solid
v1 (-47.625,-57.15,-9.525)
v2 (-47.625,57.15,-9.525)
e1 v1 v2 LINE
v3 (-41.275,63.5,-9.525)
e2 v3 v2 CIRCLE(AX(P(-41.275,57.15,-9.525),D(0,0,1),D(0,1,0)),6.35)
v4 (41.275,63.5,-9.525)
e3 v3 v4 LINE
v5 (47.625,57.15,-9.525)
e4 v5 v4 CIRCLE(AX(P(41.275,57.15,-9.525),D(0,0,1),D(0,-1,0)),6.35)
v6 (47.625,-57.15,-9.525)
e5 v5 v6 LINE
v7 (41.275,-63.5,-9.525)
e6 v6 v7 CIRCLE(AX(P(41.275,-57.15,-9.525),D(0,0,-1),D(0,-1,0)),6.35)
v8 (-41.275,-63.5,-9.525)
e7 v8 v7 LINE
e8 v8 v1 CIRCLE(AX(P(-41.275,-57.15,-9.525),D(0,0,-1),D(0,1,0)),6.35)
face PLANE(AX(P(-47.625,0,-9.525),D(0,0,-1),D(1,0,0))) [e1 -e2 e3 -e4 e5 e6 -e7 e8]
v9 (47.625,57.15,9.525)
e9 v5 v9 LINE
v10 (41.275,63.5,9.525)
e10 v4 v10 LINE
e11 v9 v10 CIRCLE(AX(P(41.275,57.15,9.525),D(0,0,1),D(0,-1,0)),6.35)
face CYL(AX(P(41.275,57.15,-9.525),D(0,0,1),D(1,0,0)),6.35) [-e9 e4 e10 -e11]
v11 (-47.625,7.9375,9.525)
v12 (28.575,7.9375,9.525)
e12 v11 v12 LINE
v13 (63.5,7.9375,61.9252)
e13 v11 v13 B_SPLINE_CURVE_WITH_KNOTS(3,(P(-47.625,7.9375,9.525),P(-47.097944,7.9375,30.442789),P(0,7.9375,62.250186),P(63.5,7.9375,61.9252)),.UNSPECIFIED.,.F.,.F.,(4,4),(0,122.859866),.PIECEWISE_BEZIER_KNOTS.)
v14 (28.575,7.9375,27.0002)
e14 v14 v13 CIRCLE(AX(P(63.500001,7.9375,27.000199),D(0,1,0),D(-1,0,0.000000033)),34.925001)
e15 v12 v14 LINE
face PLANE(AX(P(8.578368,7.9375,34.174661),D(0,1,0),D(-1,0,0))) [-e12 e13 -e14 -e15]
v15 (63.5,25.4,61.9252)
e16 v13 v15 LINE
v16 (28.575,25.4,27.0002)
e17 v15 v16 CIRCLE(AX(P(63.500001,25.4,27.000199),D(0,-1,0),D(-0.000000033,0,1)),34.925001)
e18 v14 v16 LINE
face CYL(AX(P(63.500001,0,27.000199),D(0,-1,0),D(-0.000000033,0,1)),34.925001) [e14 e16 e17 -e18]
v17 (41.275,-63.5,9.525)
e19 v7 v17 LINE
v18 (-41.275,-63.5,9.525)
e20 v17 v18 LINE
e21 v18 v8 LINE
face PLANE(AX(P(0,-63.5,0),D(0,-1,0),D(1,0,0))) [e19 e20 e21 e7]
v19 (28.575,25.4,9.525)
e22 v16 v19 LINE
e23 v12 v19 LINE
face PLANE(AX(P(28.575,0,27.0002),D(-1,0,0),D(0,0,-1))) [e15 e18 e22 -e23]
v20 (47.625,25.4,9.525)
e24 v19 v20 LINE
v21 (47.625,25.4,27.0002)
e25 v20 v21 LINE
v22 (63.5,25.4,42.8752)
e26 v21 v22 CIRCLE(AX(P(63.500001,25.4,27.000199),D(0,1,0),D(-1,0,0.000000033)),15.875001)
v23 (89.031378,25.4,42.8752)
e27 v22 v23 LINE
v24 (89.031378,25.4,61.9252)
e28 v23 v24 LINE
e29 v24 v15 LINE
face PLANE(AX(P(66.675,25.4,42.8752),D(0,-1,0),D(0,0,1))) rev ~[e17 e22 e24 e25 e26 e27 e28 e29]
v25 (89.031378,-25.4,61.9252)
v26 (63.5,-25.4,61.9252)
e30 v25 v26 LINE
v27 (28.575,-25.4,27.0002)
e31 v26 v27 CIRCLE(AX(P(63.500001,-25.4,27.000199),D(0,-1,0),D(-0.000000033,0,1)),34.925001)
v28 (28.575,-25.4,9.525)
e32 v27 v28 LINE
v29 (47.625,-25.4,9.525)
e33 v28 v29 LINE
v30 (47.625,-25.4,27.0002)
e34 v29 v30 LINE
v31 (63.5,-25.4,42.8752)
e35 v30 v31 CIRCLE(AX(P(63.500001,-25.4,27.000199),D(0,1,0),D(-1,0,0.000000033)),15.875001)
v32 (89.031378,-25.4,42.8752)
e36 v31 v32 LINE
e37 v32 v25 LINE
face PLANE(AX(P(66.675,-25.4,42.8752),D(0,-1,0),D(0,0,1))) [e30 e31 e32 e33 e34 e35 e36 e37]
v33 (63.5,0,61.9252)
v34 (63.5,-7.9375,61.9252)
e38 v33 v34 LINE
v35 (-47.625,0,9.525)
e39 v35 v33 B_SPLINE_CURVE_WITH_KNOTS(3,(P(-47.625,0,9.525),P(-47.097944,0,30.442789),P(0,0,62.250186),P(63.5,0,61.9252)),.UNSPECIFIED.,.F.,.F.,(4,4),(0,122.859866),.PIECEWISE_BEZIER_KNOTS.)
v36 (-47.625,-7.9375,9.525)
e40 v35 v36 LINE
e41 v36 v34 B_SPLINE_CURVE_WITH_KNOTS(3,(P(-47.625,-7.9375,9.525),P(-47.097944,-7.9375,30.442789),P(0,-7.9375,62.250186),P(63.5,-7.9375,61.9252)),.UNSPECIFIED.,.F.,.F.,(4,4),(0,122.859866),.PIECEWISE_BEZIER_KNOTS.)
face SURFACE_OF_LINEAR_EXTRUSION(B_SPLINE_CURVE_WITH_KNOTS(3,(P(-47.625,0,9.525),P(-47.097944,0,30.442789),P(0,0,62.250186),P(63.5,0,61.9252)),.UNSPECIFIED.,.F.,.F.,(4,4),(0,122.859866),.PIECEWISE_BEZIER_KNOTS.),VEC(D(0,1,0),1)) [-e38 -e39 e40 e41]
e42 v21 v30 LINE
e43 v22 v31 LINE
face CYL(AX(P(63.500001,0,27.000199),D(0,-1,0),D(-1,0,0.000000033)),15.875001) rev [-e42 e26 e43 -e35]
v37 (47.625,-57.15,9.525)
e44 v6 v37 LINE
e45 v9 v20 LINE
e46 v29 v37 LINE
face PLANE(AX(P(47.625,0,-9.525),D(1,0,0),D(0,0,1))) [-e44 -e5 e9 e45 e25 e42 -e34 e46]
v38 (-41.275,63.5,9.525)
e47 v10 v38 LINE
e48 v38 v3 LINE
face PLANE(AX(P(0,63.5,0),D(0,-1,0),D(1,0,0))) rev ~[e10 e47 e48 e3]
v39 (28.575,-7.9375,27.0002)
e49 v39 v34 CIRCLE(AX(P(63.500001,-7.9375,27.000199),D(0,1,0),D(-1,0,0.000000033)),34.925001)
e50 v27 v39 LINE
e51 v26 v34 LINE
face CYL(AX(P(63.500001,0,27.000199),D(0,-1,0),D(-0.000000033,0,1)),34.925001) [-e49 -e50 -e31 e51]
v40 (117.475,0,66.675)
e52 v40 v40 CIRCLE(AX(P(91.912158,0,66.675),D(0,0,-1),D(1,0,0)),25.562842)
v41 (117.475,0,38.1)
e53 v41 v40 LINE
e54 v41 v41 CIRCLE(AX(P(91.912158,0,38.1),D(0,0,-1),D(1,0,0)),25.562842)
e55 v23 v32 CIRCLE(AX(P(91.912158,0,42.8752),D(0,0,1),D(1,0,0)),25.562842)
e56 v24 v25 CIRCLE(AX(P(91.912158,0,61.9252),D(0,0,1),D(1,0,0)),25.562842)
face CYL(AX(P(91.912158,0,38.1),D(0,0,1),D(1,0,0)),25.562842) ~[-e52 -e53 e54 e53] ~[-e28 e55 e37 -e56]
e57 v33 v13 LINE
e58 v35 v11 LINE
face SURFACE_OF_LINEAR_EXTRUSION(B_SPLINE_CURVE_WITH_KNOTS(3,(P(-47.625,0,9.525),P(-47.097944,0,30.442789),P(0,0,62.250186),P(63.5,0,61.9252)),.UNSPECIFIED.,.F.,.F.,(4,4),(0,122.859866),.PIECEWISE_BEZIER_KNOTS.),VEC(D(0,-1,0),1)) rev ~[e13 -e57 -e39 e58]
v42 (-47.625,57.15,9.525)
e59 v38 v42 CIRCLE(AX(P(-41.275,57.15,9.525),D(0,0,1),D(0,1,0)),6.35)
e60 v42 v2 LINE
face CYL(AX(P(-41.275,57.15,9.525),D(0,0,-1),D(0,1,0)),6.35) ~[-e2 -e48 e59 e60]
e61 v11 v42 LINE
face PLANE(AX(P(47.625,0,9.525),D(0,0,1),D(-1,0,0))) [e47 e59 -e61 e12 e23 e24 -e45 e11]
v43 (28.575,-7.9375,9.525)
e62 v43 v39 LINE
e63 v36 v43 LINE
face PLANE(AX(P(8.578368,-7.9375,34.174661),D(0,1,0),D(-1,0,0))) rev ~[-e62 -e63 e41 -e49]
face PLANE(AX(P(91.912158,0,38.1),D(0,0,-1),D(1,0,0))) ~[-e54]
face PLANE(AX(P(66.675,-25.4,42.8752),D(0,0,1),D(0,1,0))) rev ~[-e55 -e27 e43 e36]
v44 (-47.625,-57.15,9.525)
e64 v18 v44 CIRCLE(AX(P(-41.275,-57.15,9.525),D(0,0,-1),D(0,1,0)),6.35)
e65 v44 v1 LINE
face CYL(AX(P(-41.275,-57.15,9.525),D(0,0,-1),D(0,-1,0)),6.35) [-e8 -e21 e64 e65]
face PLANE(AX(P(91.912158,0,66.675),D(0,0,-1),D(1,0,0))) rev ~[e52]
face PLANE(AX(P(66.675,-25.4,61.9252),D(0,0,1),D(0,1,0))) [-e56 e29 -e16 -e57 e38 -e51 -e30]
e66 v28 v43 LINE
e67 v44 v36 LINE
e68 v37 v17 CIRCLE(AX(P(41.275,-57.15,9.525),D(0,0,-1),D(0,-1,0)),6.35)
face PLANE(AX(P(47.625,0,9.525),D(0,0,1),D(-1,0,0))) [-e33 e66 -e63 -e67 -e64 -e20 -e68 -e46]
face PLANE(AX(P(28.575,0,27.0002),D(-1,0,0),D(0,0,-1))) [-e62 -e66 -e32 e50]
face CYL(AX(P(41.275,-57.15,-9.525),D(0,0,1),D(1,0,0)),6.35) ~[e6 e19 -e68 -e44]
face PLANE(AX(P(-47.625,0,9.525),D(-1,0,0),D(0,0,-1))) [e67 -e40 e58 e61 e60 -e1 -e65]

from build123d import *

# Parameters (mm, degrees)
F1_DEPTH  = 63.5
F2_DEPTH  = 25.4
F3_DEPTH  = 7.9375
F2_FACE_W = 50.8
F2_FACE_H = 19.05
F4_DEPTH  = 25.4
F6_R      = 6.35


with BuildPart() as f1:
    # F0 (on Front) → F1 (new body, symmetric)
    with BuildSketch(Plane.XZ):
        Polygon((-47.625, -9.525), (47.625, -9.525), (47.625, 9.525), (28.575, 9.525), (-47.625, 9.525), align=None)
    extrude(amount=F1_DEPTH, both=True)

    # F0 (on Front) → F2 (join, symmetric)
    with BuildSketch(Plane.XZ):
        with BuildLine():
            Line((28.575, 9.525), (47.625, 9.525))
            Line((47.625, 9.525), (47.625, 27.0002))
            ThreePointArc((47.625, 27.0002), (52.27468, 38.22552), (63.5, 42.8752))
            Line((63.5, 42.8752), (66.675, 42.8752))
            Line((66.675, 42.8752), (66.675, 61.9252))
            Line((66.675, 61.9252), (63.5, 61.9252))
            ThreePointArc((63.5, 61.9252), (38.804296, 51.695904), (28.575, 27.0002))
            Line((28.575, 27.0002), (28.575, 9.525))
        make_face()
    extrude(amount=F2_DEPTH, both=True)

    # F0 (on Front) → F3 (join, symmetric)
    with BuildSketch(Plane.XZ):
        with BuildLine():
            add(Edge.make_bspline(
                [(-47.625, 9.525), (-47.097944, 30.442789), (0, 62.250186), (63.5, 61.9252)],
                knots=[0, 0, 0, 0, 122.859866, 122.859866, 122.859866, 122.859866], degree=3))
            Line((-47.625, 9.525), (28.575, 9.525))
            Line((28.575, 9.525), (28.575, 27.0002))
            ThreePointArc((28.575, 27.0002), (38.804296, 51.695904), (63.5, 61.9252))
        make_face()
    extrude(amount=F3_DEPTH, both=True)

    # F2_face (on face) → F4 (join)
    with BuildSketch(Plane(origin=(66.675, 0, 52.4002), x_dir=(0, 1, 0), z_dir=(1, 0, 0))):
        Rectangle(F2_FACE_W, F2_FACE_H)
    extrude(amount=F4_DEPTH)

    # F0 (on Front) → F5 (revolve)
    with BuildSketch(Plane.XZ):
        Polygon((91.912158, 66.675), (91.912158, 61.9252), (91.912158, 42.8752), (91.912158, 38.1), (117.475, 38.1), (117.475, 66.675), align=None)
    revolve(axis=Axis((91.912158, 0, 52.3875), (0, 0, -1)))

    # F6
    f6_edges = [f1.edges().sort_by_distance(p)[0] for p in [
        (47.625, 63.5, 0),
        (-47.625, 63.5, 0),
        (-47.625, -63.5, 0),
        (47.625, -63.5, 0),
    ]]
    fillet(f6_edges, radius=F6_R)


solid = f1.part
